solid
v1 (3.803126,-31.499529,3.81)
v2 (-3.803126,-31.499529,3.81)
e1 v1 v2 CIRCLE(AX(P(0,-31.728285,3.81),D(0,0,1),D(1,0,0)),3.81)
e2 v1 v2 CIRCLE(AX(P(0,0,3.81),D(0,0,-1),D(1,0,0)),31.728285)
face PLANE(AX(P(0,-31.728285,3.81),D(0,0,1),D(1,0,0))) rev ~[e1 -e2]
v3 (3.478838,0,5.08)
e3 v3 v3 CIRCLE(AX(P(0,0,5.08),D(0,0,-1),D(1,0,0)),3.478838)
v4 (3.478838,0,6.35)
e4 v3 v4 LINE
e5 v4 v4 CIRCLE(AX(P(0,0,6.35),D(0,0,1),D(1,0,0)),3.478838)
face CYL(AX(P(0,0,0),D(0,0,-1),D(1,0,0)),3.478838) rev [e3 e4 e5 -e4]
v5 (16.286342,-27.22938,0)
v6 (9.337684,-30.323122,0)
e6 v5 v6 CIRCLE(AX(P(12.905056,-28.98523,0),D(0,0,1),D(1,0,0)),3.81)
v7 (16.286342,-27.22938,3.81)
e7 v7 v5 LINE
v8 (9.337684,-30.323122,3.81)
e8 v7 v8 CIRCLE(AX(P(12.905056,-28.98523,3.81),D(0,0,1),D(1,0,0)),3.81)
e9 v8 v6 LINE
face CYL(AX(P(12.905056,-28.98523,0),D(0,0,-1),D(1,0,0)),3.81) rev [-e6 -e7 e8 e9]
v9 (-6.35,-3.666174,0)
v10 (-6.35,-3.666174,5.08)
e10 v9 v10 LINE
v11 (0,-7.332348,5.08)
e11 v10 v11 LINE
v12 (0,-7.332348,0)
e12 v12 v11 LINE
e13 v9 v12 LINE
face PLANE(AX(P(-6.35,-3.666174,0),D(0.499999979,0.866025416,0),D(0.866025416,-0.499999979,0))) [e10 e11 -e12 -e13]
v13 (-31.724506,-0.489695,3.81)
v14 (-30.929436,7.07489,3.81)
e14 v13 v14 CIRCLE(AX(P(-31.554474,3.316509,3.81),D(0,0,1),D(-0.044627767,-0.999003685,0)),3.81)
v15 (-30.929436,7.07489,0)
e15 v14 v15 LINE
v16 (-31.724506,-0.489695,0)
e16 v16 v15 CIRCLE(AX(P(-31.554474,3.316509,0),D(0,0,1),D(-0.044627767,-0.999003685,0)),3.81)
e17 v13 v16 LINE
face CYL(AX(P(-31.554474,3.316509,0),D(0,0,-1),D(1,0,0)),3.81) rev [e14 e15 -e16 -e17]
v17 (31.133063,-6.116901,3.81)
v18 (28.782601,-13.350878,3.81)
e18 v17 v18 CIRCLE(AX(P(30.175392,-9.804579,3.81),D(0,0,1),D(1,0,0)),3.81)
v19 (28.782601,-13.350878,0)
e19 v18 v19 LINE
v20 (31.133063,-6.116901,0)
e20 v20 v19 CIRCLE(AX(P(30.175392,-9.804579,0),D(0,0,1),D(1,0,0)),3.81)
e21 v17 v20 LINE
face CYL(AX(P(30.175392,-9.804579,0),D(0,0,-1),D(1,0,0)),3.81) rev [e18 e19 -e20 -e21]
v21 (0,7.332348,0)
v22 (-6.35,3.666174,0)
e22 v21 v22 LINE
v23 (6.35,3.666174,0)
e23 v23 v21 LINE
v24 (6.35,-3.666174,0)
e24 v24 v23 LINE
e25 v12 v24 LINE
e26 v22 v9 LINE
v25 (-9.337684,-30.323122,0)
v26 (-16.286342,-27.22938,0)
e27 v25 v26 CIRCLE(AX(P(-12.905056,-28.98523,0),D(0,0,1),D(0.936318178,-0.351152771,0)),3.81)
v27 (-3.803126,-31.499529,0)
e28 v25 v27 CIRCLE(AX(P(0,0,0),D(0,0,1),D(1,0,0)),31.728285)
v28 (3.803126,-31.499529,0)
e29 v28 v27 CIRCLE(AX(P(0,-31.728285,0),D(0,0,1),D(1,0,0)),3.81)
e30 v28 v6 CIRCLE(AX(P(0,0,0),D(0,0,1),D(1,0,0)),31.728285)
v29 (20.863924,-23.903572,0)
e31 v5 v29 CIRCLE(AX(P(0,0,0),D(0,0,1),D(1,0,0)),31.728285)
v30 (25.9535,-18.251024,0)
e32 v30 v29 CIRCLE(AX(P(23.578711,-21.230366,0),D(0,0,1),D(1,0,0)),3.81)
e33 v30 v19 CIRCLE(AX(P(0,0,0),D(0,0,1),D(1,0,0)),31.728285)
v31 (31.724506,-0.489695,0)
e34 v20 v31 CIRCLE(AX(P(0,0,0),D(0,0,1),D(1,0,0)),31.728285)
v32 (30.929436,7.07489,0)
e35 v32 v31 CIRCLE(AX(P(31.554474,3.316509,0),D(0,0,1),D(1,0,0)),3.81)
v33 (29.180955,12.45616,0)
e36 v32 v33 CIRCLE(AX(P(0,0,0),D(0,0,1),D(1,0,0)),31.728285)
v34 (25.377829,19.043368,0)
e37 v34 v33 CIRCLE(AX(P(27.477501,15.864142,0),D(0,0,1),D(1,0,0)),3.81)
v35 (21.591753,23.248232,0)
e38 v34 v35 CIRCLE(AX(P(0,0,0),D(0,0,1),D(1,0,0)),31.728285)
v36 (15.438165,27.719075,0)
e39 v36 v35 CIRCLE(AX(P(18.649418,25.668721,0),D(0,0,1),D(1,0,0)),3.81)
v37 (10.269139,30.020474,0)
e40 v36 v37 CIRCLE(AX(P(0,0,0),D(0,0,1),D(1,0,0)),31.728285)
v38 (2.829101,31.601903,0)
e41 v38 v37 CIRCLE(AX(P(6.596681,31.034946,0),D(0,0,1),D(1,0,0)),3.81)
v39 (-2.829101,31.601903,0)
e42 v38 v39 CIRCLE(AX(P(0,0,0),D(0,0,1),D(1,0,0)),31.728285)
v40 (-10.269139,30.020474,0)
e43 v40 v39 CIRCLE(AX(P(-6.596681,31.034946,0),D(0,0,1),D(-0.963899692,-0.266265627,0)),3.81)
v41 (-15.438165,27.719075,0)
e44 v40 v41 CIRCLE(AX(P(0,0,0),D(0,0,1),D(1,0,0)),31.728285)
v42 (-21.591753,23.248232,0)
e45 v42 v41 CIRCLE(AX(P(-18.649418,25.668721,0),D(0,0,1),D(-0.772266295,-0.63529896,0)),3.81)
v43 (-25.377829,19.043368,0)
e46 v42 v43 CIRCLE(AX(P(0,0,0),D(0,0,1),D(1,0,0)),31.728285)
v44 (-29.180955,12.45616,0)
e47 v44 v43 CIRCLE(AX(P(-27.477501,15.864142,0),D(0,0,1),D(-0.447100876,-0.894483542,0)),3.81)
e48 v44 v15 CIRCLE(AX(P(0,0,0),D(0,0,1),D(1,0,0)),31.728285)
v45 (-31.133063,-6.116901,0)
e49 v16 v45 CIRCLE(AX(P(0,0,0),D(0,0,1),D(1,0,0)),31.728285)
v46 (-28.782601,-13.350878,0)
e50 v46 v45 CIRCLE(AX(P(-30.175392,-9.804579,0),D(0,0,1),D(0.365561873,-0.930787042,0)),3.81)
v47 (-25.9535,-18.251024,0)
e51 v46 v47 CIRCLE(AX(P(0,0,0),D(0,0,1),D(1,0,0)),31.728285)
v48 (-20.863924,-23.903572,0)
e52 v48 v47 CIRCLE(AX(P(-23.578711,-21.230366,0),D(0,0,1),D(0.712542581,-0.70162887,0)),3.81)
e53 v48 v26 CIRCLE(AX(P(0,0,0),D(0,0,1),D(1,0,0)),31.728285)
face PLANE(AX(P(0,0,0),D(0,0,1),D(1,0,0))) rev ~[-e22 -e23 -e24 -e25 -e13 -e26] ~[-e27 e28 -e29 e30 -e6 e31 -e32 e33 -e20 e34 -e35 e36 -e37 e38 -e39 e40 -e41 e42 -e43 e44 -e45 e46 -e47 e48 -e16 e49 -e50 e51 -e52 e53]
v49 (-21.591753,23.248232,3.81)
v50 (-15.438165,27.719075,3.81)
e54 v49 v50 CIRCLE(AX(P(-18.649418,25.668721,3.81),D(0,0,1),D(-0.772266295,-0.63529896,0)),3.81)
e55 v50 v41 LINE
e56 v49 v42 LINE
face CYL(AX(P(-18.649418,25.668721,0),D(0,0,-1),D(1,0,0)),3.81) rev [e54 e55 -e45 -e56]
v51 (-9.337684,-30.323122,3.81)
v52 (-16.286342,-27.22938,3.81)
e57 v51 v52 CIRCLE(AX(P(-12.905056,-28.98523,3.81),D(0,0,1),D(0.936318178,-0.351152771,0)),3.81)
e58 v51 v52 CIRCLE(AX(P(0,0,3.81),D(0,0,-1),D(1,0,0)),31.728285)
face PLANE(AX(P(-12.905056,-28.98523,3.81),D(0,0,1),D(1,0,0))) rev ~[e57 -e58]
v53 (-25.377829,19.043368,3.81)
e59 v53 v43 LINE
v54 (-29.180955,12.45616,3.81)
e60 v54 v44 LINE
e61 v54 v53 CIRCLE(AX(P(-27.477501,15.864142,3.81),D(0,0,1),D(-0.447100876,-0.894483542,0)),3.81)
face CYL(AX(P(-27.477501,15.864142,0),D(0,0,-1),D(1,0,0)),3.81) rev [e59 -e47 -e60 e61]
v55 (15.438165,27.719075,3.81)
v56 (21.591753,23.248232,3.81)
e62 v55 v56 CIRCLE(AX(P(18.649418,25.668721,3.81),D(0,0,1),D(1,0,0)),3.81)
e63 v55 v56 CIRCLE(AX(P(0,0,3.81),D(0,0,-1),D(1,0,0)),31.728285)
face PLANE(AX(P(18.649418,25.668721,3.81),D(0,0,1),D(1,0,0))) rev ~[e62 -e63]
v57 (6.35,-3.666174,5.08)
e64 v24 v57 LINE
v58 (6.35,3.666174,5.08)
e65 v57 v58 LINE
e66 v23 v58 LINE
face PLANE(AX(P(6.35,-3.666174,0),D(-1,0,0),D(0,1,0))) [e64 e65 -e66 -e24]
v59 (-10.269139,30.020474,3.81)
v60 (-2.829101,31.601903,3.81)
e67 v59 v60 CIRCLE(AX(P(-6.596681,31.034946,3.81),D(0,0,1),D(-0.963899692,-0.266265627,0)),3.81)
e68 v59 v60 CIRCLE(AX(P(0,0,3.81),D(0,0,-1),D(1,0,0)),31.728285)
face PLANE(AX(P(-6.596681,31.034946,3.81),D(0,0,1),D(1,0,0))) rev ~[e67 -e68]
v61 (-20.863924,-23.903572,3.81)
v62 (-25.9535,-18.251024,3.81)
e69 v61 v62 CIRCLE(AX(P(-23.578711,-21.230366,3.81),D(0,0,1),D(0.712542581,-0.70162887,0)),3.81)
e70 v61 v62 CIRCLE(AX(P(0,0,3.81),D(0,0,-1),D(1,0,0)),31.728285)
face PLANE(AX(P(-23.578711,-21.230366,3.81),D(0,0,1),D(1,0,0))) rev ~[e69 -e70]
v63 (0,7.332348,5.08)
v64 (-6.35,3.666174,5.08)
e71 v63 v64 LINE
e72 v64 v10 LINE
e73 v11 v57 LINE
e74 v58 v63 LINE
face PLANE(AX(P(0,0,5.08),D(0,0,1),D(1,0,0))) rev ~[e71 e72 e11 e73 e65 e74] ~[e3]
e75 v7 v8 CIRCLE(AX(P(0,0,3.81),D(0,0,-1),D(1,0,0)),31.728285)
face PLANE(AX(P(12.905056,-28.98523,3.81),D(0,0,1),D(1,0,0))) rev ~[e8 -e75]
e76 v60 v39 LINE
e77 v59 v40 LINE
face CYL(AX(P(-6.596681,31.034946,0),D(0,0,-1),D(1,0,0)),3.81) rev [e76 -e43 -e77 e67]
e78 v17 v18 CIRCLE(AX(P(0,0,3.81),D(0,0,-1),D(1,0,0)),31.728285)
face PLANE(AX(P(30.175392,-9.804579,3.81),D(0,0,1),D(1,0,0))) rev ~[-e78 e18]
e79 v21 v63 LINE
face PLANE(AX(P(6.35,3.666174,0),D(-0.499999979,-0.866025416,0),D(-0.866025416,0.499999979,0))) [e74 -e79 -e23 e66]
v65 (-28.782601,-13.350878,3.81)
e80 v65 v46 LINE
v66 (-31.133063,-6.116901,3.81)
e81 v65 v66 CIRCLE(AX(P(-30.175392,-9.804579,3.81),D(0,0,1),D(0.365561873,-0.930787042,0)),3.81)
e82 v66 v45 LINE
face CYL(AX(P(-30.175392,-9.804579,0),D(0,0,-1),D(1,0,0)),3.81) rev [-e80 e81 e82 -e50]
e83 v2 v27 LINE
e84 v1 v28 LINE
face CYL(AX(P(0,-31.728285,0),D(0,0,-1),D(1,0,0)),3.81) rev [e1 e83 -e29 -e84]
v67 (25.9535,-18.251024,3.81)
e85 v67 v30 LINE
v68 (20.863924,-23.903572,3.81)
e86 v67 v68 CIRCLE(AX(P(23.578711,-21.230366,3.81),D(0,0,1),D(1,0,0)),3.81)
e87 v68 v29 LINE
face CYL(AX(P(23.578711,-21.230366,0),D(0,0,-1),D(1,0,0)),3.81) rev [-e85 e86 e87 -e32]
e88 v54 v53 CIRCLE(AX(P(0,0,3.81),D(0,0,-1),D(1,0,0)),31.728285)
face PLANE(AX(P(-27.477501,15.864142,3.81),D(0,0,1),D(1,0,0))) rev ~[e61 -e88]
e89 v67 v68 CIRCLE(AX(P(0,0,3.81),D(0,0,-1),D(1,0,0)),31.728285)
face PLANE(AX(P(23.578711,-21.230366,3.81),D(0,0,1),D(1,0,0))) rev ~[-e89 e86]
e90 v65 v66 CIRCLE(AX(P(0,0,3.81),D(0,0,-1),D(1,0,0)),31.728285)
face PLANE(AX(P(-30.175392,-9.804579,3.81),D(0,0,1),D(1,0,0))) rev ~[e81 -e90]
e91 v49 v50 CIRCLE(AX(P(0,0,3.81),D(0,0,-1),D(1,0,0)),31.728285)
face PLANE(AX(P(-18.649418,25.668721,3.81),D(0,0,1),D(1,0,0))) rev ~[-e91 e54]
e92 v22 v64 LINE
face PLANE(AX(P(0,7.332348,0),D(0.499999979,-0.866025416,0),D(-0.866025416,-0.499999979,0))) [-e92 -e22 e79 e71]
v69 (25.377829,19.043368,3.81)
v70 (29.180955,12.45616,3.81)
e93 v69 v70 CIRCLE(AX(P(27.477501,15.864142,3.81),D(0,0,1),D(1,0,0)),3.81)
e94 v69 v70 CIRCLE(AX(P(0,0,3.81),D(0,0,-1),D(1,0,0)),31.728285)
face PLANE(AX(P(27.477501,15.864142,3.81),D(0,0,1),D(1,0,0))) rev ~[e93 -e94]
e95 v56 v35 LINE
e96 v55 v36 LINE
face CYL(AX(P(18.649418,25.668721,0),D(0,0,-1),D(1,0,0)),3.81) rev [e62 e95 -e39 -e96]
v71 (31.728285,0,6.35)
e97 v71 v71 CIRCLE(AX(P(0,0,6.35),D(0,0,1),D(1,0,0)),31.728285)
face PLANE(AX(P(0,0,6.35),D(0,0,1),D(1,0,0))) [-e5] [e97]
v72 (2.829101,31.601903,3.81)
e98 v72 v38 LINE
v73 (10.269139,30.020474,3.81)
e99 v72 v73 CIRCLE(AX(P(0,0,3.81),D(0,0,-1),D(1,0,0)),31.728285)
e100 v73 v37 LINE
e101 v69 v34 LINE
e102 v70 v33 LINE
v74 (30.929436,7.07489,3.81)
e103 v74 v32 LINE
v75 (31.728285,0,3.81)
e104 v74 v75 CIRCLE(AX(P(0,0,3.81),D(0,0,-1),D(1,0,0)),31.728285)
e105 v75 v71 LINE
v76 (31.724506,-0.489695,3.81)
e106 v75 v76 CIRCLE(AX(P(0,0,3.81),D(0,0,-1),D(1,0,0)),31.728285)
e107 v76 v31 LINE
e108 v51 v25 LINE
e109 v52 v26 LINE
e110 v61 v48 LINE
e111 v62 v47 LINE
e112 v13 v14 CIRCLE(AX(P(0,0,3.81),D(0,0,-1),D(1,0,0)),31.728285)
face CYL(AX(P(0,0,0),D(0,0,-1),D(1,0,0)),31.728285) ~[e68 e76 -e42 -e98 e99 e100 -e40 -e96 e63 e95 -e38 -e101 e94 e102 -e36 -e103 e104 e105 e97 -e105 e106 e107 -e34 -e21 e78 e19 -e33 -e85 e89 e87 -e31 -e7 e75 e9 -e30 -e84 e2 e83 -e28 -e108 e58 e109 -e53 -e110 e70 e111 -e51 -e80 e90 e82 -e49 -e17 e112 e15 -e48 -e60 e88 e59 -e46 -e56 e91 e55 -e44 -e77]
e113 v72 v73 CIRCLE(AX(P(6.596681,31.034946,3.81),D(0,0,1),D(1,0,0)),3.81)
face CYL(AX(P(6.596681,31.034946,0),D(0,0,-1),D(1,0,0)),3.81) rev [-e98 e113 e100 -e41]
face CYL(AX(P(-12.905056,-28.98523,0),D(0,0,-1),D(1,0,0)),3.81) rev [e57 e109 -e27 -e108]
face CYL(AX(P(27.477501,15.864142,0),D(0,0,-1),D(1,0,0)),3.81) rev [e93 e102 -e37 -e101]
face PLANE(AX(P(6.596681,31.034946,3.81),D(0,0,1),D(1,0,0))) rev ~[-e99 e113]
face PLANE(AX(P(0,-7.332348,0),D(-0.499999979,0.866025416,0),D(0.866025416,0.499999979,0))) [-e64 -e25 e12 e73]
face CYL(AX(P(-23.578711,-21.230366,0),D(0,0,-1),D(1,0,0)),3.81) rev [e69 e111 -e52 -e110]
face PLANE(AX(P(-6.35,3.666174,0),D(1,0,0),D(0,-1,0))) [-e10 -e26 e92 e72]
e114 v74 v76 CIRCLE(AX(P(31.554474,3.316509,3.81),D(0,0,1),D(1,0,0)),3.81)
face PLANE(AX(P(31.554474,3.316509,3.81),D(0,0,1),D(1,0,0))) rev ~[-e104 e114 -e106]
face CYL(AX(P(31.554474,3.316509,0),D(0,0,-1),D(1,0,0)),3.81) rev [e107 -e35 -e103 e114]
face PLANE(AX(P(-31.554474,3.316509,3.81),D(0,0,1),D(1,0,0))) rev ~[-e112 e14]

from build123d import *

# Parameters (mm, degrees)
F0_R     = 31.728285
F0_R_2   = 3.478838
F1_DEPTH = 6.35
F3_DEPTH = 5.08
F4_R     = 3.81
F5_DEPTH = 3.81


with BuildPart() as f1:
    # F0 (on Top) → F1 (new body)
    with BuildSketch(Plane.XY):
        Circle(F0_R)
        Circle(F0_R_2, mode=Mode.SUBTRACT)
    extrude(amount=F1_DEPTH)

    # F2 (on Top) → F3 (cut)
    with BuildSketch(Plane.XY):
        Polygon((6.35, -3.666174), (6.35, 3.666174), (0, 7.332348), (-6.35, 3.666174), (-6.35, -3.666174), (0, -7.332348), align=None)
    extrude(amount=F3_DEPTH, mode=Mode.SUBTRACT)

    # F4 (on Top) → F5 (cut)
    with BuildSketch(Plane.XY):
        with Locations((0, -31.728285)):
            Circle(F4_R)
        with Locations((12.905056, -28.98523)):
            Circle(F4_R)
        with Locations((23.578711, -21.230366)):
            Circle(F4_R)
        with Locations((30.175392, -9.804579)):
            Circle(F4_R)
        with Locations((31.554474, 3.316509)):
            Circle(F4_R)
        with Locations((27.477501, 15.864142)):
            Circle(F4_R)
        with Locations((18.649418, 25.668721)):
            Circle(F4_R)
        with Locations((6.596681, 31.034946)):
            Circle(F4_R)
        with Locations((-6.596681, 31.034946)):
            Circle(F4_R)
        with Locations((-18.649418, 25.668721)):
            Circle(F4_R)
        with Locations((-27.477501, 15.864142)):
            Circle(F4_R)
        with Locations((-31.554474, 3.316509)):
            Circle(F4_R)
        with Locations((-30.175392, -9.804579)):
            Circle(F4_R)
        with Locations((-23.578711, -21.230366)):
            Circle(F4_R)
        with Locations((-12.905056, -28.98523)):
            Circle(F4_R)
    extrude(amount=F5_DEPTH, mode=Mode.SUBTRACT)


solid = f1.part
